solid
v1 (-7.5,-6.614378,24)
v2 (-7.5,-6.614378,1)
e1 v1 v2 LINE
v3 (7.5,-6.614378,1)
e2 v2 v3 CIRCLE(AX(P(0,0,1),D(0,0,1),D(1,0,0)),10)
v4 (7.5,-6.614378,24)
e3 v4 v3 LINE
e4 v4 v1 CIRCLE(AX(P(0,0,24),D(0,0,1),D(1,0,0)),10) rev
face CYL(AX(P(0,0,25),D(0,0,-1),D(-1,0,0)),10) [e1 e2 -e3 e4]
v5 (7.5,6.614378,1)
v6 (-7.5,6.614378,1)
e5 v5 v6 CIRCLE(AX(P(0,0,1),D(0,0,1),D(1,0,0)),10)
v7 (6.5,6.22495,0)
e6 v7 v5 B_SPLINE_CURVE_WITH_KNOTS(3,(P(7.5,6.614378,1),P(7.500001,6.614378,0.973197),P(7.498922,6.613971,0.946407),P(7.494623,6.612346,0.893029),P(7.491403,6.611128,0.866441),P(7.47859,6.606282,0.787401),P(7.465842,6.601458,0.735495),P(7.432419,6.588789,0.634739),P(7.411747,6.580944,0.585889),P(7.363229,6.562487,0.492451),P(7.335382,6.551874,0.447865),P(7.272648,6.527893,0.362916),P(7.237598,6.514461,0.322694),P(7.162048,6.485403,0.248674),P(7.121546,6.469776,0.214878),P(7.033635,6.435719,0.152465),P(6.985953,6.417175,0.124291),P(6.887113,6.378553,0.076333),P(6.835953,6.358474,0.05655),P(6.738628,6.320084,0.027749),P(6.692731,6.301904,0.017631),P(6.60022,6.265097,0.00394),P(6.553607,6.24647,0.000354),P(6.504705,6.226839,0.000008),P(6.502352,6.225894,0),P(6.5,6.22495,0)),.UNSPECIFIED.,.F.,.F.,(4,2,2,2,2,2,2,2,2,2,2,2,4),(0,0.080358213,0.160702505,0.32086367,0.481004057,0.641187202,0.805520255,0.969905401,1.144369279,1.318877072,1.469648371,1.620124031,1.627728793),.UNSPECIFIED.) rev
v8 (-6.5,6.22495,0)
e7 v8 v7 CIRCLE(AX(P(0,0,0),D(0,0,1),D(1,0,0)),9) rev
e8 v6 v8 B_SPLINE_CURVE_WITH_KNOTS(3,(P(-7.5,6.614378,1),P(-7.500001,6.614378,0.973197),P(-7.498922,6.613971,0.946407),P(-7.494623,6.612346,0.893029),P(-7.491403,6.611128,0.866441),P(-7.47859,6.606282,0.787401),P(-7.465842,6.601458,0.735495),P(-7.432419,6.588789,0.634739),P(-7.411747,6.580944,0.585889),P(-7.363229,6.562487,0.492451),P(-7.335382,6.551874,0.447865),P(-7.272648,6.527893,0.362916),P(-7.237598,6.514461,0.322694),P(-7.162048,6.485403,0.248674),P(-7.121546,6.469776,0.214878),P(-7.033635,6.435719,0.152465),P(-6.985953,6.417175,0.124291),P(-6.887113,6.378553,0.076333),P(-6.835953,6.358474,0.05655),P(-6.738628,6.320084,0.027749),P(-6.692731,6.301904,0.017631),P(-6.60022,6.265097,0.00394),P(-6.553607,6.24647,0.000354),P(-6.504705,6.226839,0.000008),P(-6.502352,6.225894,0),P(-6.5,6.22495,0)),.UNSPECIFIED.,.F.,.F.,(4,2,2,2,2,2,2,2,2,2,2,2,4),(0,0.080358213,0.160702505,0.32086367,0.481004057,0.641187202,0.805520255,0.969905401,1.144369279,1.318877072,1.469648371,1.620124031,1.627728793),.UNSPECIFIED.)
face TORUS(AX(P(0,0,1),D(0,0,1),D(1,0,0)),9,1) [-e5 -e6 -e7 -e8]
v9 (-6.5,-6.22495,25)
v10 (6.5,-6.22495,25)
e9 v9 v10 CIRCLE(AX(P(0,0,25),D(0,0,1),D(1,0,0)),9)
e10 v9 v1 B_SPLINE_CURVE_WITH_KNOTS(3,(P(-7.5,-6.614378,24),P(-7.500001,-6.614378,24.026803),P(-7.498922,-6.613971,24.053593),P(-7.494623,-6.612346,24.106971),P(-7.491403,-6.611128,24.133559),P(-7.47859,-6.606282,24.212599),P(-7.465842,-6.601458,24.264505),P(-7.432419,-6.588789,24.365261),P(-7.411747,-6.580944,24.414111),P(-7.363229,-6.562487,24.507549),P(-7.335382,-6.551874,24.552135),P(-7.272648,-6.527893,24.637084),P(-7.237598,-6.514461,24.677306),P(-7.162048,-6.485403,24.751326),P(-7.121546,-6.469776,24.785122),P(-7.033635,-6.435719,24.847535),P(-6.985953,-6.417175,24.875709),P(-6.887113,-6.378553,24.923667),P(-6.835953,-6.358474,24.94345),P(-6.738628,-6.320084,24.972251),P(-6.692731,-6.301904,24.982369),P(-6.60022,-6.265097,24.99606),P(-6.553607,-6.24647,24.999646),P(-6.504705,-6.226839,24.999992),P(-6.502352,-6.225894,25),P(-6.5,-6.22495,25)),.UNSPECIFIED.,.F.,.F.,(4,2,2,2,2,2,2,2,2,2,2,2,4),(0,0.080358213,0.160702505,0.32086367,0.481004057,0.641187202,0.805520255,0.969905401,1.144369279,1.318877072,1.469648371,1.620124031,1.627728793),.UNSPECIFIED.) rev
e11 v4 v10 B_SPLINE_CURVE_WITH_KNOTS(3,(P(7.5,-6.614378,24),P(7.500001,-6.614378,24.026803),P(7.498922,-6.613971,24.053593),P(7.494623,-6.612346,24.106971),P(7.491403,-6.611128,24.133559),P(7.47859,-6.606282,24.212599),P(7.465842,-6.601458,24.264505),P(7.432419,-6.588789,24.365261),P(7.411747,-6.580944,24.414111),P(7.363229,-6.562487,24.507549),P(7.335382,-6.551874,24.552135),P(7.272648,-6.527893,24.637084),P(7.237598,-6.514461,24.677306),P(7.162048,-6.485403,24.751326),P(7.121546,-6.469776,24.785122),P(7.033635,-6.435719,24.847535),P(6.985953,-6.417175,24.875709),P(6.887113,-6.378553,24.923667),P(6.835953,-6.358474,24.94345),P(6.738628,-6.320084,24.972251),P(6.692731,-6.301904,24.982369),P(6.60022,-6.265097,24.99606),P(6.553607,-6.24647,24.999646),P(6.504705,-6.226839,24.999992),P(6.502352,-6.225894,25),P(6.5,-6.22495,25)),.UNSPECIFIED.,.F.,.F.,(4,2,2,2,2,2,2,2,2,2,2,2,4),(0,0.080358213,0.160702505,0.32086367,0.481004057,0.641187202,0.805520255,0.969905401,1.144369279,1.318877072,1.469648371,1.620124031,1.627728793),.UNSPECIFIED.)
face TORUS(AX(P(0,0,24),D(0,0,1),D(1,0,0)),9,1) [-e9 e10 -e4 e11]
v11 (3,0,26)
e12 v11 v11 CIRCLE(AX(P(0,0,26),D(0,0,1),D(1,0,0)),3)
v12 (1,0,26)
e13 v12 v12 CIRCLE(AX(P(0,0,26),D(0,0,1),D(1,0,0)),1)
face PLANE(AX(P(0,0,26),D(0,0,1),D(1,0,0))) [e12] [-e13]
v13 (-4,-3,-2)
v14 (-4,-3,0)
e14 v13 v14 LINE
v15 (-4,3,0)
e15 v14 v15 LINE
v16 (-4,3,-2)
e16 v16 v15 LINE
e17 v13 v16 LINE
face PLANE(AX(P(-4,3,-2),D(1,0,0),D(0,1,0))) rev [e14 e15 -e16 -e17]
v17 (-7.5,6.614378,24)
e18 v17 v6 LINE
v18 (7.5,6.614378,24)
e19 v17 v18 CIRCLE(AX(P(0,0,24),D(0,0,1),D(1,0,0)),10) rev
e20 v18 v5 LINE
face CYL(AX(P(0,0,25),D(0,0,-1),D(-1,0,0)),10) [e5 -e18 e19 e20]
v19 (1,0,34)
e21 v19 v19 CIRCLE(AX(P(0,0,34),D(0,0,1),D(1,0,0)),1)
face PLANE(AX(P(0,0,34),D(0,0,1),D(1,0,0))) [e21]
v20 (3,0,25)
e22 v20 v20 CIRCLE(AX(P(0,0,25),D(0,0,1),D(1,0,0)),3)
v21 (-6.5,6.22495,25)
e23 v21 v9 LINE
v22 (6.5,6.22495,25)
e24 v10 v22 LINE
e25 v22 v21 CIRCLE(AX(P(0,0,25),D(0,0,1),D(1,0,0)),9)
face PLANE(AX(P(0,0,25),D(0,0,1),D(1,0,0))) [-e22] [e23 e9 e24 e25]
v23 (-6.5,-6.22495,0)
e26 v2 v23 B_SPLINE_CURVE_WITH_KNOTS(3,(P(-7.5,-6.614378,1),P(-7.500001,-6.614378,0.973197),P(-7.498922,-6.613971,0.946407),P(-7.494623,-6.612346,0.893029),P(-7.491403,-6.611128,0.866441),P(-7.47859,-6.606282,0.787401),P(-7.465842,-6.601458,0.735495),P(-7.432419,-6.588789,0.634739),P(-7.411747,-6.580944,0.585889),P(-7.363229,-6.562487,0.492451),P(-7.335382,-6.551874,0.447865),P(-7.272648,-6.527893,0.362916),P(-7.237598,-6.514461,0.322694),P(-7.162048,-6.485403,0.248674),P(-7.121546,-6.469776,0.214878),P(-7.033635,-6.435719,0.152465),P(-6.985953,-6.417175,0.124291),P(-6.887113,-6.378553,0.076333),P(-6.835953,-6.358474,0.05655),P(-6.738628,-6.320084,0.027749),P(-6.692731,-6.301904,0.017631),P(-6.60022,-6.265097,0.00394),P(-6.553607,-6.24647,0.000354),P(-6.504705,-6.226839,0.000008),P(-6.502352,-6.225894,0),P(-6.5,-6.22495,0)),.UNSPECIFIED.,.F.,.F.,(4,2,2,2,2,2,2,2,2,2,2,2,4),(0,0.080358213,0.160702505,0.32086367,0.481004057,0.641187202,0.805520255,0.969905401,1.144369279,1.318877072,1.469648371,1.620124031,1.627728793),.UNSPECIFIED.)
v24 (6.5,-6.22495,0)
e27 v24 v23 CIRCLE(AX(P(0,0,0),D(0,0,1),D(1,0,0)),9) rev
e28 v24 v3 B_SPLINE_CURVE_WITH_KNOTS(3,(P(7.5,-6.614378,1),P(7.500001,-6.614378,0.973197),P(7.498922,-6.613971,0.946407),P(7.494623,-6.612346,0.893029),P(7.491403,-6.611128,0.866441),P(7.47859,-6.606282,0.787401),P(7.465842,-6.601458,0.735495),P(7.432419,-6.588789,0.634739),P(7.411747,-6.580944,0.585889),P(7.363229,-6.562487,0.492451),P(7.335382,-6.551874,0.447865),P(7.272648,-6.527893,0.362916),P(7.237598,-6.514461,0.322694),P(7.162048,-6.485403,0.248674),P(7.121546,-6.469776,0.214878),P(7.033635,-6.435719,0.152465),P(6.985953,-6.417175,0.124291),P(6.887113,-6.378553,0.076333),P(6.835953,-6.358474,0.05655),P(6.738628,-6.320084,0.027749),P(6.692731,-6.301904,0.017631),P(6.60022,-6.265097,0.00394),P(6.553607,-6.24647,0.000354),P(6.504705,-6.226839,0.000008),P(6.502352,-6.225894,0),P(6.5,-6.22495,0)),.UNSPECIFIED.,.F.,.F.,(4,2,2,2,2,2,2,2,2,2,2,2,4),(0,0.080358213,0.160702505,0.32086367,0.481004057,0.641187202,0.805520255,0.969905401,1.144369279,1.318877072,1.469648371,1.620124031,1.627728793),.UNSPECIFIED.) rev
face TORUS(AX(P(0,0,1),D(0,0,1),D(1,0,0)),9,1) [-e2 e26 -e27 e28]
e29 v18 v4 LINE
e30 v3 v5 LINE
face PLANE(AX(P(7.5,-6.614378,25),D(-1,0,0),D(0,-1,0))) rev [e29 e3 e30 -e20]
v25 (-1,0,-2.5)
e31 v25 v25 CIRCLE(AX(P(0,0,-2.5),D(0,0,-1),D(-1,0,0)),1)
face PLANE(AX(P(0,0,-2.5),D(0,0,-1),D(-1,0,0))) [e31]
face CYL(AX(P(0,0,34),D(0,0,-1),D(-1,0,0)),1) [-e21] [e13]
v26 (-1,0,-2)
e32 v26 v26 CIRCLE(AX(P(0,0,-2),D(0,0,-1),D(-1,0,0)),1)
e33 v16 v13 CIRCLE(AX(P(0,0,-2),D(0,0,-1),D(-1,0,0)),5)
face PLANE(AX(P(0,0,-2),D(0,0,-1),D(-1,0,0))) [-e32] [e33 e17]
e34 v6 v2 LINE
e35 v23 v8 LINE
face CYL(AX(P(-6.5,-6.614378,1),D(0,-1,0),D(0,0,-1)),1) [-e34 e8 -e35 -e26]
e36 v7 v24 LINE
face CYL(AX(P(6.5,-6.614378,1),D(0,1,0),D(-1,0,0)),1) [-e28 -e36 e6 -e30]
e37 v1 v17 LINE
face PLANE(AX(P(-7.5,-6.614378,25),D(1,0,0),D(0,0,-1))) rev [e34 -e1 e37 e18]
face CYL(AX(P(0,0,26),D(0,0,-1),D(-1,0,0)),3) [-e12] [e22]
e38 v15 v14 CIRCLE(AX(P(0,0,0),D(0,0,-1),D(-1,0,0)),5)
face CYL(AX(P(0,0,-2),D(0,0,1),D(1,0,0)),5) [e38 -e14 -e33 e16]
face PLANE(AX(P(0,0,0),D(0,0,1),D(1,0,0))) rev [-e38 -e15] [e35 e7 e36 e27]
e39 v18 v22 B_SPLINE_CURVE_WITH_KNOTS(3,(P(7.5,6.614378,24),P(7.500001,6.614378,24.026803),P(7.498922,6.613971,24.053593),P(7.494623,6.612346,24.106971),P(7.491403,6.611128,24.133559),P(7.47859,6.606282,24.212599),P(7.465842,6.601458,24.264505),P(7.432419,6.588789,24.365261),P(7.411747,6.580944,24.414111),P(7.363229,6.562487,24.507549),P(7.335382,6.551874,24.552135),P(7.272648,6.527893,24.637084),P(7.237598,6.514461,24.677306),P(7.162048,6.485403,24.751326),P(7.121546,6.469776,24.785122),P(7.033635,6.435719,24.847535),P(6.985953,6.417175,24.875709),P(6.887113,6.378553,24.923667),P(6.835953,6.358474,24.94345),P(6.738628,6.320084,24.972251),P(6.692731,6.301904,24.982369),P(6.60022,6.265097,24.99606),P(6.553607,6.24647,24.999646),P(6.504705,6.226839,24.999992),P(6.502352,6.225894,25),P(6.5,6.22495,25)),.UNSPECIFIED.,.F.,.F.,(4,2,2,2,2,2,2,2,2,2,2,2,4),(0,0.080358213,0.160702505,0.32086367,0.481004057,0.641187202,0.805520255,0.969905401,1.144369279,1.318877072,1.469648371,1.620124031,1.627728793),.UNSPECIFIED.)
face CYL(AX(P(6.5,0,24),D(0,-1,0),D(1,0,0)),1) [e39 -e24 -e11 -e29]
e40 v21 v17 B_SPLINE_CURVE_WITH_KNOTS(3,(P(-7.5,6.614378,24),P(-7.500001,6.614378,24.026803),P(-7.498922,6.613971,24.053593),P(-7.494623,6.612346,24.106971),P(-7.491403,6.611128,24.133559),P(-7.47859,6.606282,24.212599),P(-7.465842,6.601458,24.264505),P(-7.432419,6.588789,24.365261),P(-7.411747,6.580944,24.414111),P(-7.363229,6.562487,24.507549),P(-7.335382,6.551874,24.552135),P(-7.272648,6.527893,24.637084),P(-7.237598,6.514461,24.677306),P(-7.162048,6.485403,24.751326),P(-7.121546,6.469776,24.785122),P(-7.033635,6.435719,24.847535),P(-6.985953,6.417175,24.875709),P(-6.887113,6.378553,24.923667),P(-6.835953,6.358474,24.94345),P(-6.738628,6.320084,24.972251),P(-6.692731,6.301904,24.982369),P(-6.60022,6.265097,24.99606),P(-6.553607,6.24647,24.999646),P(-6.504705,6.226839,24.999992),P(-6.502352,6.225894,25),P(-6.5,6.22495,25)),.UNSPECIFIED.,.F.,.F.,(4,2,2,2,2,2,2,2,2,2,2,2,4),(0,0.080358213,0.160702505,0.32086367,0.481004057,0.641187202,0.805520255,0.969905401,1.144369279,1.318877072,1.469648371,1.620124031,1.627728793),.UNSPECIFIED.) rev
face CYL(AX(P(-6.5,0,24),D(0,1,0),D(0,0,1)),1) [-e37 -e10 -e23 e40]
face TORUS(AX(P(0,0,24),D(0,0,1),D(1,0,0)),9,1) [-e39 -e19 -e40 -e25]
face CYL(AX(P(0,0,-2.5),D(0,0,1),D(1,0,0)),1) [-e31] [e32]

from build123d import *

# Parameters (mm, degrees)
BOSS_EXTRUDE1_DEPTH = 25
SKETCH2_R           = 3
BOSS_EXTRUDE2_DEPTH = 1
SKETCH3_R           = 1
BOSS_EXTRUDE3_DEPTH = 8
BOSS_EXTRUDE4_DEPTH = 2
BOSS_EXTRUDE5_START = 0.5
SKETCH5_R           = 1
BOSS_EXTRUDE5_DEPTH = 0.5
FILLET1_R           = 1
FILLET2_R           = 1


with BuildPart() as part:
    # Sketch1 → Boss-Extrude1 (new body)
    with BuildSketch(Plane.XY):
        with BuildLine():
            Line((-7.5, -6.614378278), (-7.5, 6.614378278))
            ThreePointArc((-7.5, 6.614378278), (0, 10), (7.5, 6.614378278))
            Line((7.5, 6.614378278), (7.5, -6.614378278))
            ThreePointArc((7.5, -6.614378278), (0, -10), (-7.5, -6.614378278))
        make_face()
    extrude(amount=BOSS_EXTRUDE1_DEPTH)

    # Sketch2 → Boss-Extrude2 (add)
    with BuildSketch(Plane.XY.offset(25)):
        Circle(SKETCH2_R)
    extrude(amount=BOSS_EXTRUDE2_DEPTH)

    # Sketch3 → Boss-Extrude3 (add)
    with BuildSketch(Plane.XY.offset(26)):
        Circle(SKETCH3_R)
    extrude(amount=BOSS_EXTRUDE3_DEPTH)

    # Sketch4 → Boss-Extrude4 (add)
    with BuildSketch(Plane(origin=(0, 0, 0), x_dir=(-1, 0, 0), z_dir=(0, 0, -1))):
        with BuildLine():
            Line((4, 3), (4, -3))
            ThreePointArc((4, -3), (-5, 0), (4, 3))
        make_face()
    extrude(amount=BOSS_EXTRUDE4_DEPTH)

    # Sketch5 → Boss-Extrude5 (add)
    with BuildSketch(Plane(origin=(0, 0, -2), x_dir=(-1, 0, 0), z_dir=(0, 0, -1)).offset(BOSS_EXTRUDE5_START)):
        with Locations(Location((0, 0, 0), (0, 0, 180))):
            Circle(SKETCH5_R)
    extrude(amount=-BOSS_EXTRUDE5_DEPTH)

    # Fillet1
    fillet1_edges = [part.edges().sort_by_distance(p)[0] for p in [
        (0, -10, 25),
        (7.5, 0, 25),
        (0, 10, 25),
        (-7.5, 0, 25),
    ]]
    fillet(fillet1_edges, radius=FILLET1_R)

    # Fillet2
    fillet2_edges = [part.edges().sort_by_distance(p)[0] for p in [
        (7.5, 0, 0),
        (0, -10, 0),
        (-7.5, 0, 0),
        (0, 10, 0),
    ]]
    fillet(fillet2_edges, radius=FILLET2_R)


solid = part.part
